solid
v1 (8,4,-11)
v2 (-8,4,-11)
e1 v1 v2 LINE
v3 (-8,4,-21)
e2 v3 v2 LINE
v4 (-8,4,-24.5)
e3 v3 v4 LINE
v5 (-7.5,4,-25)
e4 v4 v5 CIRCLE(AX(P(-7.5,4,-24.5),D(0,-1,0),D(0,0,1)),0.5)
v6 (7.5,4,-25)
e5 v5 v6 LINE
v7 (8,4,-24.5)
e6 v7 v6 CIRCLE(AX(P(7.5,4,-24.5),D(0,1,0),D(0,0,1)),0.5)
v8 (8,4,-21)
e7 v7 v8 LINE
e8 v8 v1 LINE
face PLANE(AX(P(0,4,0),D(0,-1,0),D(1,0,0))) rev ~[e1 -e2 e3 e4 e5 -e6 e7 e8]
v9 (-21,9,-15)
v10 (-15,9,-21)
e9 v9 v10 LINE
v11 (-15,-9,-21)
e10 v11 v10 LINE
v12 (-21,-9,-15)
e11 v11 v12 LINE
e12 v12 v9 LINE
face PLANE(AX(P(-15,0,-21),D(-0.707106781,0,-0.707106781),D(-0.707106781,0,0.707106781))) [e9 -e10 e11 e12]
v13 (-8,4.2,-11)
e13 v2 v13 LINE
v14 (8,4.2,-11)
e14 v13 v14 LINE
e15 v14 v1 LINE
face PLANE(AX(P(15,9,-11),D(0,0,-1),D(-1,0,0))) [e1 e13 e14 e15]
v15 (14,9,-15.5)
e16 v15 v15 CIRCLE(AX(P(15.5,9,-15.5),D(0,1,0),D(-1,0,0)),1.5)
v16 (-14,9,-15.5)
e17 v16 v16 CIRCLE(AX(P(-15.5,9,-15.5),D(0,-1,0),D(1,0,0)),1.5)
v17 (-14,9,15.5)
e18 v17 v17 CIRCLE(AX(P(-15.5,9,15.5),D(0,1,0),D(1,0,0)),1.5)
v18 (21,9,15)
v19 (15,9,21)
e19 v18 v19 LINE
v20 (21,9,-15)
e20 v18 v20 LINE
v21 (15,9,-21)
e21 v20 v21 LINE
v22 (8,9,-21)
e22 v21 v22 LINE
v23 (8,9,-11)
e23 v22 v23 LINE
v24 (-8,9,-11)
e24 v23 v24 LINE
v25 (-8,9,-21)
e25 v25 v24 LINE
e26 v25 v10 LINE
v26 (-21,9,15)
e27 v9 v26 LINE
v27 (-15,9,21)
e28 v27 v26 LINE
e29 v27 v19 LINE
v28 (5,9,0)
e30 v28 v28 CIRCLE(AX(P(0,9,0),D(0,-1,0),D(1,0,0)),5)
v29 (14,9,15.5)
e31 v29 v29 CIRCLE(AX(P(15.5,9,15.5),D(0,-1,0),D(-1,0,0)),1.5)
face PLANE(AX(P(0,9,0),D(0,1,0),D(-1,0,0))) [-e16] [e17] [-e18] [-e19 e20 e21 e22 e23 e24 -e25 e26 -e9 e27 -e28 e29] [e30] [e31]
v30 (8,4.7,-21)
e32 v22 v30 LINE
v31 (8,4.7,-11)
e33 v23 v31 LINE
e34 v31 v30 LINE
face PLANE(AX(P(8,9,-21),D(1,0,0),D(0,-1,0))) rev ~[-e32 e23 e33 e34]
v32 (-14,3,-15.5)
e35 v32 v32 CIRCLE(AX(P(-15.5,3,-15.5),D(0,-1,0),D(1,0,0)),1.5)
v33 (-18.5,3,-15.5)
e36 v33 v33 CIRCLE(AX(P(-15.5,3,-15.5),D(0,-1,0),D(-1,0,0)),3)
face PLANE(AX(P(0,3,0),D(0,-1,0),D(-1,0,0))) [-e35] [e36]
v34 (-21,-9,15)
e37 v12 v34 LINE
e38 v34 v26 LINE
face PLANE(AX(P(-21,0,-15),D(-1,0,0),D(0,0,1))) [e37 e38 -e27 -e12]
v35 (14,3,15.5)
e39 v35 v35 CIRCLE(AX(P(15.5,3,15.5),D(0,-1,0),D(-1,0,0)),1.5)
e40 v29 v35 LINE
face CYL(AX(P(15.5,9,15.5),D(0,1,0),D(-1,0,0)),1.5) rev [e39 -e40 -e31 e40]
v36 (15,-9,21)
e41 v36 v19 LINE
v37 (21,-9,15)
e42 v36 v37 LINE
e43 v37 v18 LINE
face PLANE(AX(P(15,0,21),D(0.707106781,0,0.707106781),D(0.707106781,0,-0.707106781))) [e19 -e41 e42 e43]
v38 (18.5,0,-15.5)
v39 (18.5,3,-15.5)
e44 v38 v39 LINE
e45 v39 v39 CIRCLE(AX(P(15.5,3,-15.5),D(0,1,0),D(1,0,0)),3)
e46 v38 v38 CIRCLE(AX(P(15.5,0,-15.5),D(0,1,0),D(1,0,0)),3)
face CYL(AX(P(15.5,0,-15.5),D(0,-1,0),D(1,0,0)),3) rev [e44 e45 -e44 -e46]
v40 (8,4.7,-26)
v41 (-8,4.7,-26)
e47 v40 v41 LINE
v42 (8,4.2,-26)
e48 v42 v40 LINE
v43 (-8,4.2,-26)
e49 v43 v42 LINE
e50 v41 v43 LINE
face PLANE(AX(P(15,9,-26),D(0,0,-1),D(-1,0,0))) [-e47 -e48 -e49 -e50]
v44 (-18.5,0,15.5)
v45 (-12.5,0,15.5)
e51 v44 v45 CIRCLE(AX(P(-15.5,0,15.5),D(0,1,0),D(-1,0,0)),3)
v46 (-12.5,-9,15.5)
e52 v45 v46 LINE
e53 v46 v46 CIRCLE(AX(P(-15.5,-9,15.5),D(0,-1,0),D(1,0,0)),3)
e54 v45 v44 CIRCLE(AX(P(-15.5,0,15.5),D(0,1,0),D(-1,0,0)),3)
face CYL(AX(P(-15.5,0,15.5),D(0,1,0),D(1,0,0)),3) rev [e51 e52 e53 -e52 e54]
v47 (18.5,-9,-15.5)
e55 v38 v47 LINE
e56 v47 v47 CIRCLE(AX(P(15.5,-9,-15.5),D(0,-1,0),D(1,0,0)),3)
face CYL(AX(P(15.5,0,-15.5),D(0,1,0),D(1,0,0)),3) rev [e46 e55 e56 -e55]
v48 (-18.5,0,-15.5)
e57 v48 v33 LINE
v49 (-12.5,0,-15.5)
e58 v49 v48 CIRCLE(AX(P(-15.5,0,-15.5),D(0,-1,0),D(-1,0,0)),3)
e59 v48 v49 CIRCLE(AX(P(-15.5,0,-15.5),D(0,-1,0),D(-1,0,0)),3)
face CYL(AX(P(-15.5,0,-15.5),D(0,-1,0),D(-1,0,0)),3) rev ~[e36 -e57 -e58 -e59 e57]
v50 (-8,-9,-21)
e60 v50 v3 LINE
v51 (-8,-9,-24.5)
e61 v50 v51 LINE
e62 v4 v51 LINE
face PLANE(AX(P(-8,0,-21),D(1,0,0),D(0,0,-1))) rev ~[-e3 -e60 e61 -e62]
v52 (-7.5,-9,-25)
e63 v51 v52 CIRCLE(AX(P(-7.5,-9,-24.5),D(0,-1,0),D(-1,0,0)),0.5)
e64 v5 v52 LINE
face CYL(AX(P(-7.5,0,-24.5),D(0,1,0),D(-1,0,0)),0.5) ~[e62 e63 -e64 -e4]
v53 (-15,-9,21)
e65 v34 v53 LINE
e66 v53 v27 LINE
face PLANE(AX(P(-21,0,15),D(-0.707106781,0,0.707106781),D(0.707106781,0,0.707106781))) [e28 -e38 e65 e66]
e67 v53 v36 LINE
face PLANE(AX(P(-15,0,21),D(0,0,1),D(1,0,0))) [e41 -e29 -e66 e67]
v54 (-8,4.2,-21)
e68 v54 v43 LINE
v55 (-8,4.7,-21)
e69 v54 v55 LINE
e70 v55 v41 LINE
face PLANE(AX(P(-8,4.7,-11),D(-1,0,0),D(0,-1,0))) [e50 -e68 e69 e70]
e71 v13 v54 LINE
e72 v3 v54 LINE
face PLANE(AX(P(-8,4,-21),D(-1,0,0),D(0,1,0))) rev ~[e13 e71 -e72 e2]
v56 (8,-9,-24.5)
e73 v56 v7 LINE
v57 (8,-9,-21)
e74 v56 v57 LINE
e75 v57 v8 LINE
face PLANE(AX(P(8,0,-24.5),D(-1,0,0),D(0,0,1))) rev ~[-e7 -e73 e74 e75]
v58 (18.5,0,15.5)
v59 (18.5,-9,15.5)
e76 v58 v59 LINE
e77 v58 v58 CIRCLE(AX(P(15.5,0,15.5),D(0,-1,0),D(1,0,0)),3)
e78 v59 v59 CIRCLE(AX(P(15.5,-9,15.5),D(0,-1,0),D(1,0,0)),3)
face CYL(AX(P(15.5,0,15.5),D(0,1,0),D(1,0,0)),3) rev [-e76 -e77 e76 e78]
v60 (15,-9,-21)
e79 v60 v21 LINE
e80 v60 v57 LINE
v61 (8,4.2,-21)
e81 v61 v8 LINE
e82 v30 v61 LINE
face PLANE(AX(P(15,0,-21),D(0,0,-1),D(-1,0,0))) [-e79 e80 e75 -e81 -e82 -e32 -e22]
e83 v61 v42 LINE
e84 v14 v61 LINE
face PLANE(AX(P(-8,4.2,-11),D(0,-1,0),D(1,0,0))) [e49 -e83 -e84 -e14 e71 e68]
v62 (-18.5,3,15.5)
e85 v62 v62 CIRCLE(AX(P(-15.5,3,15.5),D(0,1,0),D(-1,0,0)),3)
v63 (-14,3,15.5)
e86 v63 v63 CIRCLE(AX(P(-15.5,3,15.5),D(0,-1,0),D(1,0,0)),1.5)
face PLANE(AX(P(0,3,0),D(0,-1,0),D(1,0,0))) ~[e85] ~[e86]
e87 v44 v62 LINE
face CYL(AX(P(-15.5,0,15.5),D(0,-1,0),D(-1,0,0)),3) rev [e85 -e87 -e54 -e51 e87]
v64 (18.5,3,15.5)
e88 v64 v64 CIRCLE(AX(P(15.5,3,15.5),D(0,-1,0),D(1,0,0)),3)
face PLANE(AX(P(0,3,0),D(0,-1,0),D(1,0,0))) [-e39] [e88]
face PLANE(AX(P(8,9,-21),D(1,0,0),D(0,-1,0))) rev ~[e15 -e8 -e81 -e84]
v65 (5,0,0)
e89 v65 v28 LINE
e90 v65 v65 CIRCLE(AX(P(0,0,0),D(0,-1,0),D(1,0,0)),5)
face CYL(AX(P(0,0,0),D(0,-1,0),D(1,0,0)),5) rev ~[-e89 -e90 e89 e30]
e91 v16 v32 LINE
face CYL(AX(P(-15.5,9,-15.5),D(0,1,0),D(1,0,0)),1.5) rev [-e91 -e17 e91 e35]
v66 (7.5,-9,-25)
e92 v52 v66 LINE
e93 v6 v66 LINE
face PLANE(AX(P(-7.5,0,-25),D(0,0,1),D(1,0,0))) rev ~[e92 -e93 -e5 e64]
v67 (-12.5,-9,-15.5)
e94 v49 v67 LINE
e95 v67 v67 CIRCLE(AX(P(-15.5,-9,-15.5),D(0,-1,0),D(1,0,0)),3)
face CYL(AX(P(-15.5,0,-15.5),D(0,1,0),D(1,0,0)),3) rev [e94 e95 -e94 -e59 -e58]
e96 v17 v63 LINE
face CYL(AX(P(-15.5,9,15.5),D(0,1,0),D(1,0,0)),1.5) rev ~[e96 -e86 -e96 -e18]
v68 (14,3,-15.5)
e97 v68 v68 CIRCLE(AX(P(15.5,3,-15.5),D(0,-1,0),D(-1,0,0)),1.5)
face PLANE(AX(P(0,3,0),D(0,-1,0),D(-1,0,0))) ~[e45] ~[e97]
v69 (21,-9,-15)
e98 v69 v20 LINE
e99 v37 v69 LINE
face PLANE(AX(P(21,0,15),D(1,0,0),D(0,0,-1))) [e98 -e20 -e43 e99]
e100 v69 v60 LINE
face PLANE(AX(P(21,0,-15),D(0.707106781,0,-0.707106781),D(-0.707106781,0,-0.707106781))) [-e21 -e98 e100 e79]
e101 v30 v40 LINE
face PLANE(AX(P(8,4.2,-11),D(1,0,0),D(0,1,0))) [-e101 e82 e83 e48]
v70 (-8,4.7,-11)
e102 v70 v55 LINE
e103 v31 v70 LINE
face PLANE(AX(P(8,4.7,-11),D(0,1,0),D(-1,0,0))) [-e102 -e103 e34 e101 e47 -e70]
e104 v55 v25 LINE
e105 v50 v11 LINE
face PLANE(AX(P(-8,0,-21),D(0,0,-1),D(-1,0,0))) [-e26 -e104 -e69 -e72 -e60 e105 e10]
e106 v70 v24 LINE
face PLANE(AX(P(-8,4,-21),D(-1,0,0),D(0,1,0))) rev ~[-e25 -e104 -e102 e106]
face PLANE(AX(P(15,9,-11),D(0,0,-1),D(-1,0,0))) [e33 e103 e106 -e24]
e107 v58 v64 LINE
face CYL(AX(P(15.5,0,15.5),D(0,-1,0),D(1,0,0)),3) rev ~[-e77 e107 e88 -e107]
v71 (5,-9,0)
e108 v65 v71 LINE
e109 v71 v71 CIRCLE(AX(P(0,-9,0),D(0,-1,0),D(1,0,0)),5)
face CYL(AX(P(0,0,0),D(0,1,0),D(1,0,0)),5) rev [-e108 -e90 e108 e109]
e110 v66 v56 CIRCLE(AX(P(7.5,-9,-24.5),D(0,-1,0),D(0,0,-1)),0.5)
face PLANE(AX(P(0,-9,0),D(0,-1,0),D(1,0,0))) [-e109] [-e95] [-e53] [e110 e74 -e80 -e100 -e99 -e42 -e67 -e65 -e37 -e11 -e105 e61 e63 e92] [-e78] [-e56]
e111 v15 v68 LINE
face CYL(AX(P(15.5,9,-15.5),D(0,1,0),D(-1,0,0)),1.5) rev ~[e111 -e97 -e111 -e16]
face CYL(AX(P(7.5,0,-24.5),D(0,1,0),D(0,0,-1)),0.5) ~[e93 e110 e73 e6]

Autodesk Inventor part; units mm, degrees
ref_plane "YZ Plane" through (0, 0, 0) normal (1, 0, 0) x (0, 1, 0)
ref_plane "XZ Plane" through (0, 0, 0) normal (0, 1, 0) x (-1, 0, 0)
ref_plane "XY Plane" through (0, 0, 0) normal (0, 0, 1) x (1, 0, 0)
sketch "Sketch1" plane through (0, 0, 0) normal (0, 1, 0) x (-1, 0, 0)
  line L0 (-21, -21) -> (21, -21)
  line L1 (21, -21) -> (21, 21)
  line L2 (21, 21) -> (-21, 21)
  line L3 (-21, 21) -> (-21, -21)
  line L4 (-21, -21) -> (21, 21) construction
  line L5 (21, -21) -> (-21, 21) construction
  point P0 (0, 0)
  dimension "d0" = 42
  dimension "d1" = 42
extrude "Extrusion1" add sketch "Sketch1" along normal blind 9
chamfer "Chamfer1" distance 6 angle 45 4 edges at (21, 4.5, -21) (-21, 4.5, -21) (-21, 4.5, 21) (21, 4.5, 21)
sketch "Sketch2" plane through (0, 9, 0) normal (0, 1, 0) x (1, 0, 0)
  point P0 (0, 0)
sketch "Sketch3" plane through (0, 0, 0) normal (0, -1, 0) x (1, 0, 0)
  circle A0 centre (0, 0) radius 5
  dimension "d7" = 10
extrude "Extrusion2" cut sketch "Sketch3" against normal up to surface (9 mm away)
sketch "Sketch4" plane through (0, 9, 0) normal (0, 1, 0) x (1, 0, 0)
  circle A0 centre (-15.5, -15.5) radius 1.5
  line L0 (-15, -21) -> (15, -21) projected
  line L1 (-21, 15) -> (-21, -15) projected
  point P0 (0, 0)
  dimension "d10" = 3
  dimension "d11" = 5.5
  dimension "d12" = 5.5
extrude "Extrusion3" cut sketch "Sketch4" against normal up to surface (9 mm away)
mirror "Mirror1" about plane through (0, 0, 0) normal (1, 0, 0) of "Extrusion3"
mirror "Mirror2" about plane through (0, 0, 0) normal (0, 0, 1) of "Extrusion3", "Mirror1"
sketch "Sketch6" plane through (0, 0, 0) normal (0, -1, 0) x (1, 0, 0)
  circle A0 centre (15.5, -15.5) radius 1.5 projected
  circle A1 centre (-15.5, -15.5) radius 1.5 projected
  circle A2 centre (15.5, 15.5) radius 1.5 projected
  circle A3 centre (-15.5, 15.5) radius 1.5 projected
  circle A4 centre (0, 0) radius 5 projected
  line L0 (15, 21) -> (21, 15) projected
  line L1 (-15, 21) -> (15, 21) projected
  line L2 (-21, 15) -> (-15, 21) projected
  line L3 (-21, -15) -> (-21, 15) projected
  line L4 (-15, -21) -> (-21, -15) projected
  line L5 (15, -21) -> (-15, -21) projected
  line L6 (21, -15) -> (15, -21) projected
  line L7 (21, 15) -> (21, -15) projected
  line L8 (8, -21) -> (-8, -21)
  line L9 (-8, -21) -> (-8, -25)
  line L10 (-8, -25) -> (8, -25)
  line L11 (8, -25) -> (8, -21)
  dimension "d20" = 16
  dimension "d21" = 8
  dimension "d24" = 4
extrude "Extrusion5" add sketch "Sketch6" against normal blind 4 contours L11 L10 L9 L5
fillet "Fillet1" radius 0.5 2 edges at (8, 2, -25) (-8, 2, -25)
sketch "Sketch7" plane through (15, 9, -21) normal (0, 0, -1) x (-1, 0, 0)
  line L0 (23, -5) -> (23, -9) projected
  line L1 (23, -9) -> (30, -9) projected
  line L2 (30, 0) -> (30, -9) projected
  line L3 (0, 0) -> (30, 0) projected
  line L4 (0, -9) -> (0, 0) projected
  line L5 (0, -9) -> (7, -9) projected
  line L6 (7, -9) -> (7, -5) projected
  line L7 (7, -5) -> (23, -5) projected
  line L8 (7, -5) -> (23, -5)
  line L9 (23, -5) -> (23, 0)
  line L10 (23, 0) -> (7, 0)
  line L11 (7, 0) -> (7, -5)
  point P0 (15, -9)
extrude "Extrusion6" cut sketch "Sketch7" against normal blind 10 contours L7 L11 L3 L9
sketch "Sketch8" plane through (15, 9, -11) normal (0, 0, -1) x (-1, 0, 0)
  line L0 (23, -5) -> (7, -5) projected
  line L1 (23, 0) -> (23, -5) projected
  line L2 (7, 0) -> (23, 0) projected
  line L3 (7, -5) -> (7, 0) projected
  line L4 (23, 0) -> (23, -5) projected
  line L5 (7, -4.3) -> (23, -4.3)
  line L6 (23, -4.3) -> (23, -4.8)
  line L7 (23, -4.8) -> (7, -4.8)
  line L8 (7, -4.8) -> (7, -4.3)
  point P0 (15, -9)
  dimension "d28" = 0.5
  dimension "d29" = 0.2
extrude "Extrusion7" add sketch "Sketch8" along normal blind 15 contours L7 L3 L5 L1
sketch "Sketch9" plane through (15, 9, -11) normal (0, 0, -1) x (-1, 0, 0)
  point P0 (15, -9)
sketch "Sketch10" plane through (0, 0, 0) normal (0, -1, 0) x (1, 0, 0)
  circle A0 centre (15.5, 15.5) radius 1.5 projected
  circle A1 centre (15.5, 15.5) radius 3
  point P0 (0, 0)
  dimension "d32" = 6
extrude "Extrusion8" cut sketch "Sketch10" against normal blind 3
mirror "Mirror3" about plane through (0, 0, 0) normal (1, 0, 0) of "Extrusion8"
mirror "Mirror4" about plane through (0, 0, 0) normal (0, 0, 1) of "Extrusion8", "Mirror3"
sketch "Skizze11" plane through (0, 0, 0) normal (0, -1, 0) x (1, 0, 0)
  circle A0 centre (-15.5, -15.5) radius 3 projected
  circle A1 centre (15.5, -15.5) radius 3 projected
  circle A2 centre (-15.5, 15.5) radius 3 projected
  circle A3 centre (15.5, 15.5) radius 3 projected
  circle A4 centre (0, 0) radius 5 projected
  arc A5 (-8, -24.5) -> (-7.5, -25) centre (-7.5, -24.5) ccw projected
  line L0 (-7.5, -25) -> (7.5, -25) projected
  arc A6 (7.5, -25) -> (8, -24.5) centre (7.5, -24.5) ccw projected
  line L1 (8, -24.5) -> (8, -21) projected
  line L2 (15, -21) -> (8, -21) projected
  line L3 (21, -15) -> (15, -21) projected
  line L4 (21, 15) -> (21, -15) projected
  line L5 (15, 21) -> (21, 15) projected
  line L6 (-15, 21) -> (15, 21) projected
  line L7 (-21, 15) -> (-15, 21) projected
  line L8 (-21, -15) -> (-21, 15) projected
  line L9 (-15, -21) -> (-21, -15) projected
  line L10 (-8, -21) -> (-15, -21) projected
  line L11 (-8, -21) -> (-8, -24.5) projected
extrude "Extrusion9" add sketch "Skizze11" along normal blind 9
equation "\"d12\" = d11"
equation "\"d21\" = 0.5 * d20"
